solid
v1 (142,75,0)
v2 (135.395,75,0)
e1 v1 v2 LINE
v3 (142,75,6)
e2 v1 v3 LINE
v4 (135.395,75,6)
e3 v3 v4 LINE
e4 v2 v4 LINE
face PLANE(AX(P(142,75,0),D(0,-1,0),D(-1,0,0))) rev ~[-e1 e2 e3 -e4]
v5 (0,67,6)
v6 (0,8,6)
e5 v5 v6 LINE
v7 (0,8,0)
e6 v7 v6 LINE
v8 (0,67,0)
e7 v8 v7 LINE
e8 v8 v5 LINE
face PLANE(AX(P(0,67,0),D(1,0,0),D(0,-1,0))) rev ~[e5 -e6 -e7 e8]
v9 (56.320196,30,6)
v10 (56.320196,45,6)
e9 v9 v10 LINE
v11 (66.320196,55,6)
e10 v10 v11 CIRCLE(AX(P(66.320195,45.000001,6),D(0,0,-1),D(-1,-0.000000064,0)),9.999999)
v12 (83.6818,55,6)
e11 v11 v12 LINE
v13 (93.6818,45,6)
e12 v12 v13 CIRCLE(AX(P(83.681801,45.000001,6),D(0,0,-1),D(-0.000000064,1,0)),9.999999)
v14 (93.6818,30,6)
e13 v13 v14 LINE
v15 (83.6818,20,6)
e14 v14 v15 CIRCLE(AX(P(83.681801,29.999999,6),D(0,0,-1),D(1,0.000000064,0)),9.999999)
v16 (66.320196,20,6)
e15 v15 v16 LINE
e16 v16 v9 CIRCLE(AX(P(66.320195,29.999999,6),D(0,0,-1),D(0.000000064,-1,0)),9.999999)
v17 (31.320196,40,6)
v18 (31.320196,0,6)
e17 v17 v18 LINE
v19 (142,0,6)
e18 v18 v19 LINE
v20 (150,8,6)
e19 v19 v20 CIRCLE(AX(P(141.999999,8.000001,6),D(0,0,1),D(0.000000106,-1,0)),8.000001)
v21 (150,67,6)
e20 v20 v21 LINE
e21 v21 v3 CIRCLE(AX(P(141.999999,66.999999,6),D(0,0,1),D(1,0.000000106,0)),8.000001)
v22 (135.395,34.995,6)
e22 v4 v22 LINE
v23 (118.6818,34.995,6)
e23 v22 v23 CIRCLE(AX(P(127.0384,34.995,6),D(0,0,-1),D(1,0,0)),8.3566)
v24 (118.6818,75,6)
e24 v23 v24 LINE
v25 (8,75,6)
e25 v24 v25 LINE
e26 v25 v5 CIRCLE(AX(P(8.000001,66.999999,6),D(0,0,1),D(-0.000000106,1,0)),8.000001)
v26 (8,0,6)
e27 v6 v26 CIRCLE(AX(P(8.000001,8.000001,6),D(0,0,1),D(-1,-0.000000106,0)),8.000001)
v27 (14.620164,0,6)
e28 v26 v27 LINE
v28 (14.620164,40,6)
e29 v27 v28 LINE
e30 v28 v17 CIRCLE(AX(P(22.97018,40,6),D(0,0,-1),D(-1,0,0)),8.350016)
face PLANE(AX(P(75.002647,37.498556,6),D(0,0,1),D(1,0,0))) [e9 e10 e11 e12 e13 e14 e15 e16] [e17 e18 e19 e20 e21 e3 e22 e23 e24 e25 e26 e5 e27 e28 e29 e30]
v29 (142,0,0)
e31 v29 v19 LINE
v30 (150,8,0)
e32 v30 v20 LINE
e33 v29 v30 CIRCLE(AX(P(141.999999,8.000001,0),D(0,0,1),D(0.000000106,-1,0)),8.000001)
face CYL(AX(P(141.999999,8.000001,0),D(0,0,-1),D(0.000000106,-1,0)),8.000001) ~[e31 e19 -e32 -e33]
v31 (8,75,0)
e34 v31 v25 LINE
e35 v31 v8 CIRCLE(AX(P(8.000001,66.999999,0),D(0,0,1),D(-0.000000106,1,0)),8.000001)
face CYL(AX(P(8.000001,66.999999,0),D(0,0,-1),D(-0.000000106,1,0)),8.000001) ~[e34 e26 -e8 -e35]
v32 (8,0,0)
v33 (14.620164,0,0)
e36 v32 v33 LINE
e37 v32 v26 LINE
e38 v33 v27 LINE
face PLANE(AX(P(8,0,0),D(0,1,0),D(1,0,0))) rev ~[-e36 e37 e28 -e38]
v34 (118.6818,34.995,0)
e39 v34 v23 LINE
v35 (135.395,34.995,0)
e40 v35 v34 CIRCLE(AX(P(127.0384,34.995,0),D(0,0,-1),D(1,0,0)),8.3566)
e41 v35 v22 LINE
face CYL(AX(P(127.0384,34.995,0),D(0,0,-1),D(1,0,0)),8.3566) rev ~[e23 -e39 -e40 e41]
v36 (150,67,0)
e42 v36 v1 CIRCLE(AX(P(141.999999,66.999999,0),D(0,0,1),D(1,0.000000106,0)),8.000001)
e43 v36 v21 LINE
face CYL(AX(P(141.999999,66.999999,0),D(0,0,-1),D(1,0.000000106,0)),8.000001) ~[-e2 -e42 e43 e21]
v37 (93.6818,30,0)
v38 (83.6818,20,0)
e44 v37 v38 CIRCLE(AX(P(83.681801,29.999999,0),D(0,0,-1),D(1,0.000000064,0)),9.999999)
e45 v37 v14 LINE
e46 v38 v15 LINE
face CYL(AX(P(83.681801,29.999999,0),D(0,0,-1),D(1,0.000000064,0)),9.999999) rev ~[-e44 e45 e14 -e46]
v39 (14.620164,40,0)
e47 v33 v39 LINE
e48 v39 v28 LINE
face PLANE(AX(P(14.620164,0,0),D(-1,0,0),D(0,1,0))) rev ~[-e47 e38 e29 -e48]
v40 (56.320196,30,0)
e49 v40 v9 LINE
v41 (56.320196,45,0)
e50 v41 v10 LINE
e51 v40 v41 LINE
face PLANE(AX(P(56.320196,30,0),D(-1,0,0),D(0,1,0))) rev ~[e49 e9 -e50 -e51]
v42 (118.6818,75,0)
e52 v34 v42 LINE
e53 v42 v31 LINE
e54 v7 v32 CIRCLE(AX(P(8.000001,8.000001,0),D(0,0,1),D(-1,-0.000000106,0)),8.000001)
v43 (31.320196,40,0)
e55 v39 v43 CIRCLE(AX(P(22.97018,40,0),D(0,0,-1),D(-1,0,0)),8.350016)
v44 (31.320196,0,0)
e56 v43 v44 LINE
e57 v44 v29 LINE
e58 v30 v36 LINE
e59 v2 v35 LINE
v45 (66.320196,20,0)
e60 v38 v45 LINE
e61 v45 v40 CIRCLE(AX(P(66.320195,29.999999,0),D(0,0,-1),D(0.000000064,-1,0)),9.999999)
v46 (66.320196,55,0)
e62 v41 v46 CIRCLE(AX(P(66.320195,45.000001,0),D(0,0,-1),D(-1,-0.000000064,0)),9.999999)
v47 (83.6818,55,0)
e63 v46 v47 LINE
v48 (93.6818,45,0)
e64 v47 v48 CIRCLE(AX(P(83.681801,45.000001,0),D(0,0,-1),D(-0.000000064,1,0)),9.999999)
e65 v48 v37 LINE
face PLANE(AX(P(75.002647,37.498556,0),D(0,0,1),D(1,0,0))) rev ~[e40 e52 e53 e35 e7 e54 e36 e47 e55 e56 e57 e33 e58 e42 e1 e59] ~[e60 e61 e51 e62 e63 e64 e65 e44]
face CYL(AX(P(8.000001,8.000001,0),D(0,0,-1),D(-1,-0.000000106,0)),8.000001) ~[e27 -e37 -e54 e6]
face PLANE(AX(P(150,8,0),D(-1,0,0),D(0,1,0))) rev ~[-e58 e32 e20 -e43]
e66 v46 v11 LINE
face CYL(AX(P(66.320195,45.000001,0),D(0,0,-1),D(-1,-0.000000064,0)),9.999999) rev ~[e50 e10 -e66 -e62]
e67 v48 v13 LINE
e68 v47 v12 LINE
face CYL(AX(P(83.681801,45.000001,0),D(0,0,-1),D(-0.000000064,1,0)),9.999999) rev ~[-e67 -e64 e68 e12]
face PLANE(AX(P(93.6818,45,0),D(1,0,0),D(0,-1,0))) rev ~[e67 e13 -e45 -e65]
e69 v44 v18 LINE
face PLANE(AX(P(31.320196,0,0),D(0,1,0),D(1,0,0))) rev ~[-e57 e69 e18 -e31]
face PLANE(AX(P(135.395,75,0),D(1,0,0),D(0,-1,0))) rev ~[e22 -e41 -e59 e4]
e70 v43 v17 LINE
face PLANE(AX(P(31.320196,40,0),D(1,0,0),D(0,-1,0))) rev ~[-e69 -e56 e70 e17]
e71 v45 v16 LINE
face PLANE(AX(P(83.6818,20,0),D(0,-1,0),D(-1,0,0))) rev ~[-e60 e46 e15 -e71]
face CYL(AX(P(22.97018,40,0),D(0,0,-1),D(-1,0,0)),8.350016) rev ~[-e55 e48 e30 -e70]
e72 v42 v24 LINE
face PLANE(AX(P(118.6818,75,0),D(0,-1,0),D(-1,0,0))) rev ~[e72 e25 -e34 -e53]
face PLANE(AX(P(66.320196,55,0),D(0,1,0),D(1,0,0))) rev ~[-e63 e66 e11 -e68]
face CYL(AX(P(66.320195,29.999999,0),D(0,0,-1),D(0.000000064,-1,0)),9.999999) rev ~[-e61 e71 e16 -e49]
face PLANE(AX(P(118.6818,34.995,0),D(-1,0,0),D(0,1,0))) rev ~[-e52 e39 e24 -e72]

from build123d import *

# Parameters (mm, degrees)
F1_DEPTH = 6


with BuildPart() as f1:
    # F0 (on Top) → F1 (new body)
    with BuildSketch(Plane.XY):
        with BuildLine():
            ThreePointArc((0, 8), (2.343146, 2.343146), (8, 0))
            Line((8, 0), (14.620164, 0))
            Line((14.620164, 0), (14.620164, 40))
            ThreePointArc((14.620164, 40), (22.97018, 48.350016), (31.320196, 40))
            Line((31.320196, 40), (31.320196, 0))
            Line((31.320196, 0), (142, 0))
            ThreePointArc((142, 0), (147.656854, 2.343146), (150, 8))
            Line((150, 8), (150, 67))
            ThreePointArc((150, 67), (147.656854, 72.656854), (142, 75))
            Line((142, 75), (135.395, 75))
            Line((135.395, 75), (135.395, 34.995))
            ThreePointArc((135.395, 34.995), (127.0384, 26.6384), (118.6818, 34.995))
            Line((118.6818, 34.995), (118.6818, 75))
            Line((118.6818, 75), (8, 75))
            ThreePointArc((8, 75), (2.343146, 72.656854), (0, 67))
            Line((0, 67), (0, 8))
        make_face()
        with BuildLine():
            ThreePointArc((56.320196, 45), (59.249128, 52.071068), (66.320196, 55))
            Line((66.320196, 55), (83.6818, 55))
            ThreePointArc((83.6818, 55), (90.752868, 52.071068), (93.6818, 45))
            Line((93.6818, 45), (93.6818, 30))
            ThreePointArc((93.6818, 30), (90.752868, 22.928932), (83.6818, 20))
            Line((83.6818, 20), (66.320196, 20))
            ThreePointArc((66.320196, 20), (59.249128, 22.928932), (56.320196, 30))
            Line((56.320196, 30), (56.320196, 45))
        make_face(mode=Mode.SUBTRACT)
    extrude(amount=F1_DEPTH)


solid = f1.part
